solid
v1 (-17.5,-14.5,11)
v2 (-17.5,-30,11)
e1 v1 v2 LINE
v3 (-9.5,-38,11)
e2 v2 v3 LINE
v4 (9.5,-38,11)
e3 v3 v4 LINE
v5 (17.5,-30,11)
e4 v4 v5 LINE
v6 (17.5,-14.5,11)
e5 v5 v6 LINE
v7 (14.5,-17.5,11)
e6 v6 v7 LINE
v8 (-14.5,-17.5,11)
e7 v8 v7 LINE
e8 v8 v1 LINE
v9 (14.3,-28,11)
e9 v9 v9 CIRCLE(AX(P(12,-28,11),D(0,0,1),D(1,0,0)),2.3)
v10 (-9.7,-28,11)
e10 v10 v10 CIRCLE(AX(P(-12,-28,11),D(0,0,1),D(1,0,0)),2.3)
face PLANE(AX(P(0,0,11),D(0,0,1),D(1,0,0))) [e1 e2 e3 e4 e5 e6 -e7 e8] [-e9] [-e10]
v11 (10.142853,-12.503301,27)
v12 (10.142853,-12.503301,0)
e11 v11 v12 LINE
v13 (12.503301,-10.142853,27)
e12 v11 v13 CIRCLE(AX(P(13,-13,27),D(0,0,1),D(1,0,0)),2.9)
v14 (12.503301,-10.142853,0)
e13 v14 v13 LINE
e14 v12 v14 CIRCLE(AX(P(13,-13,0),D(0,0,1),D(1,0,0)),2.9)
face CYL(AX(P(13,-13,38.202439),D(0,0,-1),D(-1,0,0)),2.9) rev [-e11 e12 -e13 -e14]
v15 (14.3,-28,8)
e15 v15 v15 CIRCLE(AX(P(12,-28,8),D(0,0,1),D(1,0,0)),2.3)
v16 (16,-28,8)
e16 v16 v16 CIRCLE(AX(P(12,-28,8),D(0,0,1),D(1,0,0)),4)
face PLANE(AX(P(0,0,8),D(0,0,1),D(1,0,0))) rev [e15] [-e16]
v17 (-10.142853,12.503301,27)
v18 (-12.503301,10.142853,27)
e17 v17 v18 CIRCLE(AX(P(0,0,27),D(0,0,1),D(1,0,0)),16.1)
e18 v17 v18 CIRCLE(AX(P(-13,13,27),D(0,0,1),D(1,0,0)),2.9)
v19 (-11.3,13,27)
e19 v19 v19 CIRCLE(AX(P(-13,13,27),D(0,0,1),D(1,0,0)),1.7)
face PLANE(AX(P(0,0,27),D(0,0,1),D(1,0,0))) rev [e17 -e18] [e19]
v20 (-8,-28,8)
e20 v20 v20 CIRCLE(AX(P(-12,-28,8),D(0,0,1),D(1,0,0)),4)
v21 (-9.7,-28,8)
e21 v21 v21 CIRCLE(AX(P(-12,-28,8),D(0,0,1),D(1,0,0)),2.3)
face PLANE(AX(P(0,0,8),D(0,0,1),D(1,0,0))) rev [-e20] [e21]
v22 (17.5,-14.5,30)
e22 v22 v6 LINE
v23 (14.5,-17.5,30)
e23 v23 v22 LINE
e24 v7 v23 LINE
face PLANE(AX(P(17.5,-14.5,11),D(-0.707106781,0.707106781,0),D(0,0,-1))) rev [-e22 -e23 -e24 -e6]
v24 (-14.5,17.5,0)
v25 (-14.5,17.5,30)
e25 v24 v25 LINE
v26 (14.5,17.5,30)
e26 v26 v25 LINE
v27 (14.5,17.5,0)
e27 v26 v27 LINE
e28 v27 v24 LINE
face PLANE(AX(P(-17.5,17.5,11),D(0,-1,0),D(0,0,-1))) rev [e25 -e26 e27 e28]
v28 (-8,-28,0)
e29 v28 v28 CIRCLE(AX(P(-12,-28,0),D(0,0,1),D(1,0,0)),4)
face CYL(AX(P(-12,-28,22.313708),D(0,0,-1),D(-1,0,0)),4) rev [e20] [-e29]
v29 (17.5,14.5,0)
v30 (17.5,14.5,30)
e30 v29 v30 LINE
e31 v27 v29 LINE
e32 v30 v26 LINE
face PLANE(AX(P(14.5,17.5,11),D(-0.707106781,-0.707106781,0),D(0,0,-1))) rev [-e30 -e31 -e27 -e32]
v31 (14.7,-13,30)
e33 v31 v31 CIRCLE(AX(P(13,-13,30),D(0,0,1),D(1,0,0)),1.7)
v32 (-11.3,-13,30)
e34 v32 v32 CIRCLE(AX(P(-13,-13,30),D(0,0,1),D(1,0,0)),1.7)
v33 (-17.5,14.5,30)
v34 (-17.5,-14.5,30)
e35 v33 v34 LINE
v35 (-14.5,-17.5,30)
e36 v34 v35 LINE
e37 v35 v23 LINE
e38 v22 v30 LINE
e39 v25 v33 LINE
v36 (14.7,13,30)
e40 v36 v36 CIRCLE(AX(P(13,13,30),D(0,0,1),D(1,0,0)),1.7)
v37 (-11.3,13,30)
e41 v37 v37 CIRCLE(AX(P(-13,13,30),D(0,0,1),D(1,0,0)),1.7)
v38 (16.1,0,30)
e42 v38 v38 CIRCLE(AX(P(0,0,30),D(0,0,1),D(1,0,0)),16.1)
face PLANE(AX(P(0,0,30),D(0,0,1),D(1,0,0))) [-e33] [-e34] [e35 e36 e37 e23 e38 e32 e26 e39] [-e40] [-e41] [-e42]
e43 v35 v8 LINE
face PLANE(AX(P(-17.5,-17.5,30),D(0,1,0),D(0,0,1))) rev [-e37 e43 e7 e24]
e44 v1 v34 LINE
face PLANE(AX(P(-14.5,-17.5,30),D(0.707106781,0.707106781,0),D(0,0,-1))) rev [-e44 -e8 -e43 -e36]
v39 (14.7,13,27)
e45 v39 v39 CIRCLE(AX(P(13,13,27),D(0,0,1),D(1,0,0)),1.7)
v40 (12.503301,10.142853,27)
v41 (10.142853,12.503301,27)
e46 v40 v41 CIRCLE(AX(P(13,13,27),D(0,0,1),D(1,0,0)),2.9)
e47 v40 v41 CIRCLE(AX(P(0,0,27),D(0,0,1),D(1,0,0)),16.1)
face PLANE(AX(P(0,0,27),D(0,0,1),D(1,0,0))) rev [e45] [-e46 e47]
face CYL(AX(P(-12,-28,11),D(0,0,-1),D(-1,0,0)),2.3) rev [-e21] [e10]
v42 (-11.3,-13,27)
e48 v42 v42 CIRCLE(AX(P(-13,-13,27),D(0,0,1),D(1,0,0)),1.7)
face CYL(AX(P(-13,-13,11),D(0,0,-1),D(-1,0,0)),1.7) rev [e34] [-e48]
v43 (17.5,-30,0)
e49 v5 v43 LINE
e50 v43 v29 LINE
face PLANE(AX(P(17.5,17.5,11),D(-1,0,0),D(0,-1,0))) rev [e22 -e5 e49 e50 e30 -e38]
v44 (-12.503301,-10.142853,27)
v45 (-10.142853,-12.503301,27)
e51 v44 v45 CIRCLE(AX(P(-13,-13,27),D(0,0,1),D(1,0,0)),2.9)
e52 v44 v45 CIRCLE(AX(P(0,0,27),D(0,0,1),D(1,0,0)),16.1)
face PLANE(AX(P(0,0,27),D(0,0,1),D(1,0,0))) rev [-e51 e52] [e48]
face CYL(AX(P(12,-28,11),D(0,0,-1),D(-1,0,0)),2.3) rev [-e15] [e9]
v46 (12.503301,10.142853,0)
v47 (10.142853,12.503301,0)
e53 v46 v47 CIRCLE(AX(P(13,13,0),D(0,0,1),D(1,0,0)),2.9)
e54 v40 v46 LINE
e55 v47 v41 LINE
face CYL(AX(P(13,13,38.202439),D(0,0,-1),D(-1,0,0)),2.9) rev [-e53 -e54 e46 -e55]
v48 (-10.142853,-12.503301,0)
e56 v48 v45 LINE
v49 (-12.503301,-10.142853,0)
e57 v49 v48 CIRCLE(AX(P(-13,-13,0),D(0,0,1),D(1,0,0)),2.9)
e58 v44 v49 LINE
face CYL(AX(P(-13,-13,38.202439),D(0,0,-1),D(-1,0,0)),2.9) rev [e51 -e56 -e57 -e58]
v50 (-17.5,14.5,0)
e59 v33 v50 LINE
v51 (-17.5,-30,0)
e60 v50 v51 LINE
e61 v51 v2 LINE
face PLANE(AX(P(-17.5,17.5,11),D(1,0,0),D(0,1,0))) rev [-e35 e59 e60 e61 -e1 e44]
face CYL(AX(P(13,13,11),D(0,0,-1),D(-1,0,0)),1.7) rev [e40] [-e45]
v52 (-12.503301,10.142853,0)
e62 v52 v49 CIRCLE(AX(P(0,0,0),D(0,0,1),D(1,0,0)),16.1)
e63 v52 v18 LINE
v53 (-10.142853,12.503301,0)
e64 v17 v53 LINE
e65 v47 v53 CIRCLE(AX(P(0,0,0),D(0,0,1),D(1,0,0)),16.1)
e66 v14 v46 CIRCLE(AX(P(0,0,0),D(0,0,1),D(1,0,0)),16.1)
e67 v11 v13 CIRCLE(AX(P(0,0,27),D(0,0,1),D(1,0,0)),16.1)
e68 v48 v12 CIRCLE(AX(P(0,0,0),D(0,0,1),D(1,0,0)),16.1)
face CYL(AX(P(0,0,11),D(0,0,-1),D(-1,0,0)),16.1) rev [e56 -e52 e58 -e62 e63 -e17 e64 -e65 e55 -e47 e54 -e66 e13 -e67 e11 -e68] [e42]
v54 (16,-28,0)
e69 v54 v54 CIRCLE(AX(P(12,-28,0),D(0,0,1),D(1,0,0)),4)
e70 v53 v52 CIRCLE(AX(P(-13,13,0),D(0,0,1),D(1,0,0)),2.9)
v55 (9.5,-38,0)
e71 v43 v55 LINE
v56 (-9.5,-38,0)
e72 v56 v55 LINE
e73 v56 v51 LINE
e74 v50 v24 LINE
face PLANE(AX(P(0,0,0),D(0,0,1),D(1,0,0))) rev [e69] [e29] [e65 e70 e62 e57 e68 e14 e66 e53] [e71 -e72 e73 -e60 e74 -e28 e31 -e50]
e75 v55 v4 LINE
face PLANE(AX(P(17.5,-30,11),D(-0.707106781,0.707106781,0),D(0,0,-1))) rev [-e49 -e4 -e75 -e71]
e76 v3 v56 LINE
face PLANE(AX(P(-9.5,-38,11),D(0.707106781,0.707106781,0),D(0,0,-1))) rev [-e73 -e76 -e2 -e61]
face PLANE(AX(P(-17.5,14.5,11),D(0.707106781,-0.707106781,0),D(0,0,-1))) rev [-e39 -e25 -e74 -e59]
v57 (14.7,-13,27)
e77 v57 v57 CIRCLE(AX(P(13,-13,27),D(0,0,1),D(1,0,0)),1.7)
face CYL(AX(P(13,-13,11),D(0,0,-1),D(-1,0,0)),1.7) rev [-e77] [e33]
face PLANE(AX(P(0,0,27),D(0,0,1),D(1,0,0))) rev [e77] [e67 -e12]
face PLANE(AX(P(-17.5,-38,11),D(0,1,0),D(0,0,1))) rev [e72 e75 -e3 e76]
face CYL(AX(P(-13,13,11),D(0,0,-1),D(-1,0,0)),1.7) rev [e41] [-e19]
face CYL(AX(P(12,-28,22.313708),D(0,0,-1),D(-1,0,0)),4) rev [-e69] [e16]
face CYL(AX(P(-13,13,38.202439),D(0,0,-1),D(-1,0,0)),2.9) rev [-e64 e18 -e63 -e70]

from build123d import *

# Parameters (mm, degrees)
SKIZZE1_W                       = 35
SKIZZE1_H                       = 55.5
SKIZZE1_R                       = 16.1
SKIZZE1_R_2                     = 1.7
SKIZZE1_R_3                     = 2.3
AUFSATZ_LINEAR_AUSTRAGEN1_DEPTH = 11
SKIZZE2_W                       = 35
SKIZZE2_H                       = 35
SKIZZE2_R                       = 16.1
SKIZZE2_R_2                     = 1.7
AUFSATZ_LINEAR_AUSTRAGEN2_DEPTH = 19
SKIZZE4_R                       = 4
SCHNITT_LINEAR_AUSTRAGEN1_DEPTH = 8
SKIZZE5_R                       = 2.9
SCHNITT_LINEAR_AUSTRAGEN2_DEPTH = 27
FASE1_SIZE                      = 3
FASE2_SIZE                      = 8


with BuildPart() as part:
    # Skizze1 → Aufsatz-Linear austragen1 (new body)
    with BuildSketch(Plane.XY):
        with Locations((0, -10.25)):
            Rectangle(SKIZZE1_W, SKIZZE1_H)
        Circle(SKIZZE1_R, mode=Mode.SUBTRACT)
        with Locations((-13, 13)):
            Circle(SKIZZE1_R_2, mode=Mode.SUBTRACT)
        with Locations((13, 13)):
            Circle(SKIZZE1_R_2, mode=Mode.SUBTRACT)
        with Locations((-13, -13)):
            Circle(SKIZZE1_R_2, mode=Mode.SUBTRACT)
        with Locations((13, -13)):
            Circle(SKIZZE1_R_2, mode=Mode.SUBTRACT)
        with Locations((-12, -28)):
            Circle(SKIZZE1_R_3, mode=Mode.SUBTRACT)
        with Locations((12, -28)):
            Circle(SKIZZE1_R_3, mode=Mode.SUBTRACT)
    extrude(amount=AUFSATZ_LINEAR_AUSTRAGEN1_DEPTH)

    # Skizze2 → Aufsatz-Linear austragen2 (add)
    with BuildSketch(Plane.XY.offset(11)):
        Rectangle(SKIZZE2_W, SKIZZE2_H)
        Circle(SKIZZE2_R, mode=Mode.SUBTRACT)
        with Locations((13, 13)):
            Circle(SKIZZE2_R_2, mode=Mode.SUBTRACT)
        with Locations((13, -13)):
            Circle(SKIZZE2_R_2, mode=Mode.SUBTRACT)
        with Locations((-13, -13)):
            Circle(SKIZZE2_R_2, mode=Mode.SUBTRACT)
        with Locations((-13, 13)):
            Circle(SKIZZE2_R_2, mode=Mode.SUBTRACT)
    extrude(amount=AUFSATZ_LINEAR_AUSTRAGEN2_DEPTH)

    # Skizze4 → Schnitt-Linear austragen1 (cut)
    with BuildSketch(Plane.XY):
        with Locations((-12, -28)):
            Circle(SKIZZE4_R)
        with Locations((12, -28)):
            Circle(SKIZZE4_R)
    extrude(amount=SCHNITT_LINEAR_AUSTRAGEN1_DEPTH, mode=Mode.SUBTRACT)

    # Skizze5 → Schnitt-Linear austragen2 (cut)
    with BuildSketch(Plane.XY):
        with Locations((-13, 13)):
            Circle(SKIZZE5_R)
        with Locations((13, 13)):
            Circle(SKIZZE5_R)
        with Locations((-13, -13)):
            Circle(SKIZZE5_R)
        with Locations((13, -13)):
            Circle(SKIZZE5_R)
    extrude(amount=SCHNITT_LINEAR_AUSTRAGEN2_DEPTH, mode=Mode.SUBTRACT)

    # Fase1
    fase1_edges = [part.edges().sort_by_distance(p)[0] for p in [
        (-17.5, -17.5, 20.5),
        (17.5, -17.5, 20.5),
        (-17.5, 17.5, 15),
        (17.5, 17.5, 15),
    ]]
    chamfer(fase1_edges, length=FASE1_SIZE)

    # Fase2
    fase2_edges = [part.edges().sort_by_distance(p)[0] for p in [
        (17.5, -38, 5.5),
        (-17.5, -38, 5.5),
    ]]
    chamfer(fase2_edges, length=FASE2_SIZE)


solid = part.part
